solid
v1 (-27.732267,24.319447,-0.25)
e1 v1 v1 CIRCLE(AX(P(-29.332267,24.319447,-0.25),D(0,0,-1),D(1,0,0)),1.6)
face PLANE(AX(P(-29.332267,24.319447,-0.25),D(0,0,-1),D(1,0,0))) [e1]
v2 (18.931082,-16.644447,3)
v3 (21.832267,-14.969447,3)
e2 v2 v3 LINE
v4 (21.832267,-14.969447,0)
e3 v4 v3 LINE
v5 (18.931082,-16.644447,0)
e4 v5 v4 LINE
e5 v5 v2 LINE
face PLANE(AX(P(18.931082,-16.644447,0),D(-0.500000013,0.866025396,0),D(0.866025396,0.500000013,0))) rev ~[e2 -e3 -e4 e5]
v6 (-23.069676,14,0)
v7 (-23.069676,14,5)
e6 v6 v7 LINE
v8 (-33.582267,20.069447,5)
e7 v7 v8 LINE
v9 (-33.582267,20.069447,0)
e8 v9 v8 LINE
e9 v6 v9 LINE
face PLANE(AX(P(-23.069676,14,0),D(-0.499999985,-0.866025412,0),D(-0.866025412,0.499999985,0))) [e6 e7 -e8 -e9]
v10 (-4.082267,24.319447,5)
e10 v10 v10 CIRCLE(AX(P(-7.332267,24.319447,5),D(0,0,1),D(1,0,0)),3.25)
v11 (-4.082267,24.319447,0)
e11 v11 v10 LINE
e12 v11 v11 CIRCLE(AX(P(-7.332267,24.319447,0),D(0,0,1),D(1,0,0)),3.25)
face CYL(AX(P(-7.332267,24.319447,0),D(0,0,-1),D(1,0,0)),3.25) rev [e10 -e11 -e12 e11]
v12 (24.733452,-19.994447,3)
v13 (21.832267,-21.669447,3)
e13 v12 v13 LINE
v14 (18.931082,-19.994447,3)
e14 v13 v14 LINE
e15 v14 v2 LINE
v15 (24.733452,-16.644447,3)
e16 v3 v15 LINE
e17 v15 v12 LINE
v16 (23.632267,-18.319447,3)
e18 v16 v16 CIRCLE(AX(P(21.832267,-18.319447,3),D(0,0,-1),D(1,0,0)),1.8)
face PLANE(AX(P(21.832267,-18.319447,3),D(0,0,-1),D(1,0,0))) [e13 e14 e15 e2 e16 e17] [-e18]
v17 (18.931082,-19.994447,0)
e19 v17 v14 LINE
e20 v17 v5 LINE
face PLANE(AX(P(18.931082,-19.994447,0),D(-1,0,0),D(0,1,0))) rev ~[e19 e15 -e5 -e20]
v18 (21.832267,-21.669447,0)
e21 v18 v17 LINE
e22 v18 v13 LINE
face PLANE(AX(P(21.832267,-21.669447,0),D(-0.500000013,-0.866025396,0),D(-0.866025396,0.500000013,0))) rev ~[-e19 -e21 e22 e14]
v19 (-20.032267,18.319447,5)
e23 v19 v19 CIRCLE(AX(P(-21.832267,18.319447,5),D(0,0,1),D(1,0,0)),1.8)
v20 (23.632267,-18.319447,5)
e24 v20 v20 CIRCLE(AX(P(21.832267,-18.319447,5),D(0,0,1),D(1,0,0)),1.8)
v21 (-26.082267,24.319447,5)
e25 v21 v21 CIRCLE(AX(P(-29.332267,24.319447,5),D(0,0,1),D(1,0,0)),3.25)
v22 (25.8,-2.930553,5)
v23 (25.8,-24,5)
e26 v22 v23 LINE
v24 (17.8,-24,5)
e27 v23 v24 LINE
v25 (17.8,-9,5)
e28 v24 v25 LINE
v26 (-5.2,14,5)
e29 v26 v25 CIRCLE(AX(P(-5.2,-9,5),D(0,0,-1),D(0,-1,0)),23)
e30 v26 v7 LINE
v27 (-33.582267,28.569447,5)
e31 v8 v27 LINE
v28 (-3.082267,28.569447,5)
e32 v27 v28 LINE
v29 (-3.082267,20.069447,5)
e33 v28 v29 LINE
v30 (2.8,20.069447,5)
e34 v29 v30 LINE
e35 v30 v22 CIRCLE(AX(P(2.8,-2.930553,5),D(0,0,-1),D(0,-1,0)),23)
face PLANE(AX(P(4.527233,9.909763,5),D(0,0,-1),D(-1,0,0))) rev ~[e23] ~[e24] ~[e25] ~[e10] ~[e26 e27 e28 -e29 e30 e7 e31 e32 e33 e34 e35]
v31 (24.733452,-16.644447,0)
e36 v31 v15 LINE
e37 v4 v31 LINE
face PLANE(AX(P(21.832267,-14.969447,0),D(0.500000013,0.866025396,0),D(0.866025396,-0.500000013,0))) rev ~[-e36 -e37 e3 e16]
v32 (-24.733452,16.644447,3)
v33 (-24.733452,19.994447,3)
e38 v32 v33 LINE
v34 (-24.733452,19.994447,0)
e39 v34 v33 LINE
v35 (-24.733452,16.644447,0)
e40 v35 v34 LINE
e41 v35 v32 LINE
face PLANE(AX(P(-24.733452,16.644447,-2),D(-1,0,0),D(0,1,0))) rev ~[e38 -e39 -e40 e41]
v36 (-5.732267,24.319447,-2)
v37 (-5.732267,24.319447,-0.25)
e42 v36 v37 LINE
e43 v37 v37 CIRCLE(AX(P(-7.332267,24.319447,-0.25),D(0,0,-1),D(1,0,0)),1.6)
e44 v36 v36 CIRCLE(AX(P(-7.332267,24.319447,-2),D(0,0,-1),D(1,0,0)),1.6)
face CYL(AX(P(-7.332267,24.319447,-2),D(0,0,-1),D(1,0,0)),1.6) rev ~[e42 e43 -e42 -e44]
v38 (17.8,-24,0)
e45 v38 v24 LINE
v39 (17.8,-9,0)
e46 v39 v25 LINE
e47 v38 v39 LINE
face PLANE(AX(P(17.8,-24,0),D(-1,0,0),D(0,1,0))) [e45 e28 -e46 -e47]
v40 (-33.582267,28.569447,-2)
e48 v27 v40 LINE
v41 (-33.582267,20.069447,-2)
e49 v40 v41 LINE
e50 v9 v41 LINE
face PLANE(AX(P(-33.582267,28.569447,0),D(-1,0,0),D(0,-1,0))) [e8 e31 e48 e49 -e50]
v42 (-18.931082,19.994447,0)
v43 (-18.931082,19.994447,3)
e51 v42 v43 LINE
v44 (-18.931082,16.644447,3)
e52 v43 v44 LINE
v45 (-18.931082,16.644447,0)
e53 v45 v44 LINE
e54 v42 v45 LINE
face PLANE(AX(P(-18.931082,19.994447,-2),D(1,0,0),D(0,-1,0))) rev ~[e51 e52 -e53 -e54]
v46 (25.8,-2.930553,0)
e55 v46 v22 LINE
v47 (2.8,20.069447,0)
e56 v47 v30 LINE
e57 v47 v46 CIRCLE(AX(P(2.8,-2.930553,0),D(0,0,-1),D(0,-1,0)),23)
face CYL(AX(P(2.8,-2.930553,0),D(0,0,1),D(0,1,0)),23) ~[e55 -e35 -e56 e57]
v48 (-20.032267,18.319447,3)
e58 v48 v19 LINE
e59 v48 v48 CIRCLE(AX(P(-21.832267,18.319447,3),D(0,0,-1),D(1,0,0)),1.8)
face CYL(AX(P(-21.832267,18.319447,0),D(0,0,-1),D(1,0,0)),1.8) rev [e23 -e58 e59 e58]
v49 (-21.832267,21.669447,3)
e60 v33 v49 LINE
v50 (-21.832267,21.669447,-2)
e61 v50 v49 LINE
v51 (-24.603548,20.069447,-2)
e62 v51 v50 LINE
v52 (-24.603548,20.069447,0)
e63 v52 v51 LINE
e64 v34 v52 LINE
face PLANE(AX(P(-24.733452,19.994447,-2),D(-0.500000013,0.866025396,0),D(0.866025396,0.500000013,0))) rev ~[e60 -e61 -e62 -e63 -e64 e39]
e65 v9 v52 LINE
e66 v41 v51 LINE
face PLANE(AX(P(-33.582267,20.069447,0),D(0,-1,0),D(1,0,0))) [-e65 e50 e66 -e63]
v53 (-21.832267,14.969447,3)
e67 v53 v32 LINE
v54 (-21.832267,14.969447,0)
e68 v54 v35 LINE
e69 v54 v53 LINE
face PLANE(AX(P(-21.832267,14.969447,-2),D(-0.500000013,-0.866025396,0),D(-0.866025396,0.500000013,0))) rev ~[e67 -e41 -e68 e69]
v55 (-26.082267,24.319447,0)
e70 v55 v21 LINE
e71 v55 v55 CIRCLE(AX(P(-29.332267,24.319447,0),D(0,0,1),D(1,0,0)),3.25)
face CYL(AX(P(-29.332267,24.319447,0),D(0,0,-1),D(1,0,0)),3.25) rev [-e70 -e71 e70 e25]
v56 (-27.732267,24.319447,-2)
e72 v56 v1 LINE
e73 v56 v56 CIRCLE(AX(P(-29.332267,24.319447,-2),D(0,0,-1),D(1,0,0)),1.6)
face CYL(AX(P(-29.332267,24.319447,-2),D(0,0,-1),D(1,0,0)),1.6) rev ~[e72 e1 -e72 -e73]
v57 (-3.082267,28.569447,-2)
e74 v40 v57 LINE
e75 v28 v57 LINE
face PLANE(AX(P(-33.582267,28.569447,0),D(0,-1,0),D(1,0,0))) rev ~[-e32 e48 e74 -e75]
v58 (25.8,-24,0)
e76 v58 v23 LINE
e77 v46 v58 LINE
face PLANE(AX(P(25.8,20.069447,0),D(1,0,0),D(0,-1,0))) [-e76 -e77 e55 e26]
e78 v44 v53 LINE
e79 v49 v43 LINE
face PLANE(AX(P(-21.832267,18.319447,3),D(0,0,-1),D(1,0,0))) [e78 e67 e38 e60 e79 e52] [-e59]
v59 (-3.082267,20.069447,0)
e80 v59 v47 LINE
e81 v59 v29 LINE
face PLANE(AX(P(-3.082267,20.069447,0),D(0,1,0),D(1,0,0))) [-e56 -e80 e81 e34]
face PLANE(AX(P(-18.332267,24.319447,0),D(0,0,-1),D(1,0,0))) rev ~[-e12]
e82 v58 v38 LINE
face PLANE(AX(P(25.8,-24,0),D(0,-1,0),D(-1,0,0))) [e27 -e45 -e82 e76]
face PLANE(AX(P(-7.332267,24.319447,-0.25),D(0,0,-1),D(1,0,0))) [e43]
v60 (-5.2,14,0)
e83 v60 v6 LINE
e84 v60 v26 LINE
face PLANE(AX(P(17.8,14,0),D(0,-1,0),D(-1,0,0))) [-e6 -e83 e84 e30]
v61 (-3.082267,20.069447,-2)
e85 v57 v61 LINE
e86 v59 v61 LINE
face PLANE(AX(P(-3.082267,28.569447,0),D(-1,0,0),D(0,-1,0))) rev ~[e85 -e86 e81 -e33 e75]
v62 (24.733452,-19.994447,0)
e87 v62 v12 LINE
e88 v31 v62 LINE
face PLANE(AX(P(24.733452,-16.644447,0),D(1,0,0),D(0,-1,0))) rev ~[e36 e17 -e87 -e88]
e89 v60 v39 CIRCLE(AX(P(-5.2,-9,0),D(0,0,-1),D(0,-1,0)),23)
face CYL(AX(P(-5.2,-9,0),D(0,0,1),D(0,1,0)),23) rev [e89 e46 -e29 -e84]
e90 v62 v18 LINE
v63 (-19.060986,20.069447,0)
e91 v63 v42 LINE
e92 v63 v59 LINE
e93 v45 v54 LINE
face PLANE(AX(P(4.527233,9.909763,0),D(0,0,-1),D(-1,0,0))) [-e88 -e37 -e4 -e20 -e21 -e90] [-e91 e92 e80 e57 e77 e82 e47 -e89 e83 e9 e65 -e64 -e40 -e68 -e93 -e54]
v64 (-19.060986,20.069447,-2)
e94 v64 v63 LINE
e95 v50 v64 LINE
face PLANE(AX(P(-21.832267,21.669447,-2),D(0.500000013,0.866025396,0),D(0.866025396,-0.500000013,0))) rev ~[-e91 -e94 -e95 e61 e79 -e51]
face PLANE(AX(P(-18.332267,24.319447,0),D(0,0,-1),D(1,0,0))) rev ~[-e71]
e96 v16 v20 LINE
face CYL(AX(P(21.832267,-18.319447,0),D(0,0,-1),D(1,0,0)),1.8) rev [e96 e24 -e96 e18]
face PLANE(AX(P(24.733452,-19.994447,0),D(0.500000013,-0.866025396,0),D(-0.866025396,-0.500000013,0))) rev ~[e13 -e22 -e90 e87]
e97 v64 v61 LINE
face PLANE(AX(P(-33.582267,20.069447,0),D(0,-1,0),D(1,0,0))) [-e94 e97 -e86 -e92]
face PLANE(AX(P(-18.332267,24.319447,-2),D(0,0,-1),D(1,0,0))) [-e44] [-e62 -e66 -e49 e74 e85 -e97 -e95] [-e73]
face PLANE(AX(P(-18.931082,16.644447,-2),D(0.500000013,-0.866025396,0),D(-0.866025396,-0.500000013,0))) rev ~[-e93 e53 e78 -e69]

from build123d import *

# Parameters (mm, degrees)
SKETCH_R        = 3.25
SKETCH_R_2      = 1.8
PAD_DEPTH       = 5
FILLET_R        = 23
SKETCH001_W     = 30.5
SKETCH001_H     = 8.5
PAD001_DEPTH    = 2
SKETCH002_R     = 1.6
POCKET_DEPTH    = 1.75
POCKET001_DEPTH = 3
POCKET002_DEPTH = 5


with BuildPart() as part:
    # Sketch → Pad (new body)
    with BuildSketch(Plane.XY):
        Polygon((-33.582267, 28.569447), (-3.082267, 28.569447), (-3.082267, 20.069447), (25.8, 20.069447), (25.8, -24), (17.8, -24), (17.8, 14), (-23.069676, 14), (-33.582267, 20.069447), align=None)
        with Locations((-29.332267, 24.319447)):
            Circle(SKETCH_R, mode=Mode.SUBTRACT)
        with Locations((-7.332267, 24.319447)):
            Circle(SKETCH_R, mode=Mode.SUBTRACT)
        with Locations((-21.832267, 18.319447)):
            Circle(SKETCH_R_2, mode=Mode.SUBTRACT)
        with Locations((21.832267, -18.319447)):
            Circle(SKETCH_R_2, mode=Mode.SUBTRACT)
    extrude(amount=PAD_DEPTH)

    # Fillet
    fillet_edges = [part.edges().sort_by_distance(p)[0] for p in [
        (25.8, 20.069447, 2.5),
        (17.8, 14, 2.5),
    ]]
    fillet(fillet_edges, radius=FILLET_R)

    # Sketch001 → Pad001 (new body)
    with BuildSketch(Plane(origin=(0, 0, 0), x_dir=(1, 0, 0), z_dir=(0, 0, -1))):
        with Locations((-18.332267, -24.319447)):
            Rectangle(SKETCH001_W, SKETCH001_H)
    extrude(amount=PAD001_DEPTH)

    # Sketch002 → Pocket (cut)
    with BuildSketch(Plane(origin=(0, 0, -2), x_dir=(1, 0, 0), z_dir=(0, 0, -1))):
        with Locations((-29.332267, -24.319447)):
            Circle(SKETCH002_R)
        with Locations((-7.332267, -24.319447)):
            Circle(SKETCH002_R)
    extrude(amount=-POCKET_DEPTH, mode=Mode.SUBTRACT)

    # Sketch003 → Pocket001 (cut)
    with BuildSketch(Plane(origin=(0, 0, 0), x_dir=(1, 0, 0), z_dir=(0, 0, -1))):
        Polygon((24.733452, 16.644447), (24.733452, 19.994447), (21.832267, 21.669447), (18.931082, 19.994447), (18.931082, 16.644447), (21.832267, 14.969447), align=None)
    extrude(amount=-POCKET001_DEPTH, mode=Mode.SUBTRACT)

    # Sketch004 → Pocket002 (cut)
    with BuildSketch(Plane(origin=(0, 0, -2), x_dir=(1, 0, 0), z_dir=(0, 0, -1))):
        Polygon((-18.931082, -19.994447), (-18.931082, -16.644447), (-21.832267, -14.969447), (-24.733452, -16.644447), (-24.733452, -19.994447), (-21.832267, -21.669447), align=None)
    extrude(amount=-POCKET002_DEPTH, mode=Mode.SUBTRACT)


solid = part.part
